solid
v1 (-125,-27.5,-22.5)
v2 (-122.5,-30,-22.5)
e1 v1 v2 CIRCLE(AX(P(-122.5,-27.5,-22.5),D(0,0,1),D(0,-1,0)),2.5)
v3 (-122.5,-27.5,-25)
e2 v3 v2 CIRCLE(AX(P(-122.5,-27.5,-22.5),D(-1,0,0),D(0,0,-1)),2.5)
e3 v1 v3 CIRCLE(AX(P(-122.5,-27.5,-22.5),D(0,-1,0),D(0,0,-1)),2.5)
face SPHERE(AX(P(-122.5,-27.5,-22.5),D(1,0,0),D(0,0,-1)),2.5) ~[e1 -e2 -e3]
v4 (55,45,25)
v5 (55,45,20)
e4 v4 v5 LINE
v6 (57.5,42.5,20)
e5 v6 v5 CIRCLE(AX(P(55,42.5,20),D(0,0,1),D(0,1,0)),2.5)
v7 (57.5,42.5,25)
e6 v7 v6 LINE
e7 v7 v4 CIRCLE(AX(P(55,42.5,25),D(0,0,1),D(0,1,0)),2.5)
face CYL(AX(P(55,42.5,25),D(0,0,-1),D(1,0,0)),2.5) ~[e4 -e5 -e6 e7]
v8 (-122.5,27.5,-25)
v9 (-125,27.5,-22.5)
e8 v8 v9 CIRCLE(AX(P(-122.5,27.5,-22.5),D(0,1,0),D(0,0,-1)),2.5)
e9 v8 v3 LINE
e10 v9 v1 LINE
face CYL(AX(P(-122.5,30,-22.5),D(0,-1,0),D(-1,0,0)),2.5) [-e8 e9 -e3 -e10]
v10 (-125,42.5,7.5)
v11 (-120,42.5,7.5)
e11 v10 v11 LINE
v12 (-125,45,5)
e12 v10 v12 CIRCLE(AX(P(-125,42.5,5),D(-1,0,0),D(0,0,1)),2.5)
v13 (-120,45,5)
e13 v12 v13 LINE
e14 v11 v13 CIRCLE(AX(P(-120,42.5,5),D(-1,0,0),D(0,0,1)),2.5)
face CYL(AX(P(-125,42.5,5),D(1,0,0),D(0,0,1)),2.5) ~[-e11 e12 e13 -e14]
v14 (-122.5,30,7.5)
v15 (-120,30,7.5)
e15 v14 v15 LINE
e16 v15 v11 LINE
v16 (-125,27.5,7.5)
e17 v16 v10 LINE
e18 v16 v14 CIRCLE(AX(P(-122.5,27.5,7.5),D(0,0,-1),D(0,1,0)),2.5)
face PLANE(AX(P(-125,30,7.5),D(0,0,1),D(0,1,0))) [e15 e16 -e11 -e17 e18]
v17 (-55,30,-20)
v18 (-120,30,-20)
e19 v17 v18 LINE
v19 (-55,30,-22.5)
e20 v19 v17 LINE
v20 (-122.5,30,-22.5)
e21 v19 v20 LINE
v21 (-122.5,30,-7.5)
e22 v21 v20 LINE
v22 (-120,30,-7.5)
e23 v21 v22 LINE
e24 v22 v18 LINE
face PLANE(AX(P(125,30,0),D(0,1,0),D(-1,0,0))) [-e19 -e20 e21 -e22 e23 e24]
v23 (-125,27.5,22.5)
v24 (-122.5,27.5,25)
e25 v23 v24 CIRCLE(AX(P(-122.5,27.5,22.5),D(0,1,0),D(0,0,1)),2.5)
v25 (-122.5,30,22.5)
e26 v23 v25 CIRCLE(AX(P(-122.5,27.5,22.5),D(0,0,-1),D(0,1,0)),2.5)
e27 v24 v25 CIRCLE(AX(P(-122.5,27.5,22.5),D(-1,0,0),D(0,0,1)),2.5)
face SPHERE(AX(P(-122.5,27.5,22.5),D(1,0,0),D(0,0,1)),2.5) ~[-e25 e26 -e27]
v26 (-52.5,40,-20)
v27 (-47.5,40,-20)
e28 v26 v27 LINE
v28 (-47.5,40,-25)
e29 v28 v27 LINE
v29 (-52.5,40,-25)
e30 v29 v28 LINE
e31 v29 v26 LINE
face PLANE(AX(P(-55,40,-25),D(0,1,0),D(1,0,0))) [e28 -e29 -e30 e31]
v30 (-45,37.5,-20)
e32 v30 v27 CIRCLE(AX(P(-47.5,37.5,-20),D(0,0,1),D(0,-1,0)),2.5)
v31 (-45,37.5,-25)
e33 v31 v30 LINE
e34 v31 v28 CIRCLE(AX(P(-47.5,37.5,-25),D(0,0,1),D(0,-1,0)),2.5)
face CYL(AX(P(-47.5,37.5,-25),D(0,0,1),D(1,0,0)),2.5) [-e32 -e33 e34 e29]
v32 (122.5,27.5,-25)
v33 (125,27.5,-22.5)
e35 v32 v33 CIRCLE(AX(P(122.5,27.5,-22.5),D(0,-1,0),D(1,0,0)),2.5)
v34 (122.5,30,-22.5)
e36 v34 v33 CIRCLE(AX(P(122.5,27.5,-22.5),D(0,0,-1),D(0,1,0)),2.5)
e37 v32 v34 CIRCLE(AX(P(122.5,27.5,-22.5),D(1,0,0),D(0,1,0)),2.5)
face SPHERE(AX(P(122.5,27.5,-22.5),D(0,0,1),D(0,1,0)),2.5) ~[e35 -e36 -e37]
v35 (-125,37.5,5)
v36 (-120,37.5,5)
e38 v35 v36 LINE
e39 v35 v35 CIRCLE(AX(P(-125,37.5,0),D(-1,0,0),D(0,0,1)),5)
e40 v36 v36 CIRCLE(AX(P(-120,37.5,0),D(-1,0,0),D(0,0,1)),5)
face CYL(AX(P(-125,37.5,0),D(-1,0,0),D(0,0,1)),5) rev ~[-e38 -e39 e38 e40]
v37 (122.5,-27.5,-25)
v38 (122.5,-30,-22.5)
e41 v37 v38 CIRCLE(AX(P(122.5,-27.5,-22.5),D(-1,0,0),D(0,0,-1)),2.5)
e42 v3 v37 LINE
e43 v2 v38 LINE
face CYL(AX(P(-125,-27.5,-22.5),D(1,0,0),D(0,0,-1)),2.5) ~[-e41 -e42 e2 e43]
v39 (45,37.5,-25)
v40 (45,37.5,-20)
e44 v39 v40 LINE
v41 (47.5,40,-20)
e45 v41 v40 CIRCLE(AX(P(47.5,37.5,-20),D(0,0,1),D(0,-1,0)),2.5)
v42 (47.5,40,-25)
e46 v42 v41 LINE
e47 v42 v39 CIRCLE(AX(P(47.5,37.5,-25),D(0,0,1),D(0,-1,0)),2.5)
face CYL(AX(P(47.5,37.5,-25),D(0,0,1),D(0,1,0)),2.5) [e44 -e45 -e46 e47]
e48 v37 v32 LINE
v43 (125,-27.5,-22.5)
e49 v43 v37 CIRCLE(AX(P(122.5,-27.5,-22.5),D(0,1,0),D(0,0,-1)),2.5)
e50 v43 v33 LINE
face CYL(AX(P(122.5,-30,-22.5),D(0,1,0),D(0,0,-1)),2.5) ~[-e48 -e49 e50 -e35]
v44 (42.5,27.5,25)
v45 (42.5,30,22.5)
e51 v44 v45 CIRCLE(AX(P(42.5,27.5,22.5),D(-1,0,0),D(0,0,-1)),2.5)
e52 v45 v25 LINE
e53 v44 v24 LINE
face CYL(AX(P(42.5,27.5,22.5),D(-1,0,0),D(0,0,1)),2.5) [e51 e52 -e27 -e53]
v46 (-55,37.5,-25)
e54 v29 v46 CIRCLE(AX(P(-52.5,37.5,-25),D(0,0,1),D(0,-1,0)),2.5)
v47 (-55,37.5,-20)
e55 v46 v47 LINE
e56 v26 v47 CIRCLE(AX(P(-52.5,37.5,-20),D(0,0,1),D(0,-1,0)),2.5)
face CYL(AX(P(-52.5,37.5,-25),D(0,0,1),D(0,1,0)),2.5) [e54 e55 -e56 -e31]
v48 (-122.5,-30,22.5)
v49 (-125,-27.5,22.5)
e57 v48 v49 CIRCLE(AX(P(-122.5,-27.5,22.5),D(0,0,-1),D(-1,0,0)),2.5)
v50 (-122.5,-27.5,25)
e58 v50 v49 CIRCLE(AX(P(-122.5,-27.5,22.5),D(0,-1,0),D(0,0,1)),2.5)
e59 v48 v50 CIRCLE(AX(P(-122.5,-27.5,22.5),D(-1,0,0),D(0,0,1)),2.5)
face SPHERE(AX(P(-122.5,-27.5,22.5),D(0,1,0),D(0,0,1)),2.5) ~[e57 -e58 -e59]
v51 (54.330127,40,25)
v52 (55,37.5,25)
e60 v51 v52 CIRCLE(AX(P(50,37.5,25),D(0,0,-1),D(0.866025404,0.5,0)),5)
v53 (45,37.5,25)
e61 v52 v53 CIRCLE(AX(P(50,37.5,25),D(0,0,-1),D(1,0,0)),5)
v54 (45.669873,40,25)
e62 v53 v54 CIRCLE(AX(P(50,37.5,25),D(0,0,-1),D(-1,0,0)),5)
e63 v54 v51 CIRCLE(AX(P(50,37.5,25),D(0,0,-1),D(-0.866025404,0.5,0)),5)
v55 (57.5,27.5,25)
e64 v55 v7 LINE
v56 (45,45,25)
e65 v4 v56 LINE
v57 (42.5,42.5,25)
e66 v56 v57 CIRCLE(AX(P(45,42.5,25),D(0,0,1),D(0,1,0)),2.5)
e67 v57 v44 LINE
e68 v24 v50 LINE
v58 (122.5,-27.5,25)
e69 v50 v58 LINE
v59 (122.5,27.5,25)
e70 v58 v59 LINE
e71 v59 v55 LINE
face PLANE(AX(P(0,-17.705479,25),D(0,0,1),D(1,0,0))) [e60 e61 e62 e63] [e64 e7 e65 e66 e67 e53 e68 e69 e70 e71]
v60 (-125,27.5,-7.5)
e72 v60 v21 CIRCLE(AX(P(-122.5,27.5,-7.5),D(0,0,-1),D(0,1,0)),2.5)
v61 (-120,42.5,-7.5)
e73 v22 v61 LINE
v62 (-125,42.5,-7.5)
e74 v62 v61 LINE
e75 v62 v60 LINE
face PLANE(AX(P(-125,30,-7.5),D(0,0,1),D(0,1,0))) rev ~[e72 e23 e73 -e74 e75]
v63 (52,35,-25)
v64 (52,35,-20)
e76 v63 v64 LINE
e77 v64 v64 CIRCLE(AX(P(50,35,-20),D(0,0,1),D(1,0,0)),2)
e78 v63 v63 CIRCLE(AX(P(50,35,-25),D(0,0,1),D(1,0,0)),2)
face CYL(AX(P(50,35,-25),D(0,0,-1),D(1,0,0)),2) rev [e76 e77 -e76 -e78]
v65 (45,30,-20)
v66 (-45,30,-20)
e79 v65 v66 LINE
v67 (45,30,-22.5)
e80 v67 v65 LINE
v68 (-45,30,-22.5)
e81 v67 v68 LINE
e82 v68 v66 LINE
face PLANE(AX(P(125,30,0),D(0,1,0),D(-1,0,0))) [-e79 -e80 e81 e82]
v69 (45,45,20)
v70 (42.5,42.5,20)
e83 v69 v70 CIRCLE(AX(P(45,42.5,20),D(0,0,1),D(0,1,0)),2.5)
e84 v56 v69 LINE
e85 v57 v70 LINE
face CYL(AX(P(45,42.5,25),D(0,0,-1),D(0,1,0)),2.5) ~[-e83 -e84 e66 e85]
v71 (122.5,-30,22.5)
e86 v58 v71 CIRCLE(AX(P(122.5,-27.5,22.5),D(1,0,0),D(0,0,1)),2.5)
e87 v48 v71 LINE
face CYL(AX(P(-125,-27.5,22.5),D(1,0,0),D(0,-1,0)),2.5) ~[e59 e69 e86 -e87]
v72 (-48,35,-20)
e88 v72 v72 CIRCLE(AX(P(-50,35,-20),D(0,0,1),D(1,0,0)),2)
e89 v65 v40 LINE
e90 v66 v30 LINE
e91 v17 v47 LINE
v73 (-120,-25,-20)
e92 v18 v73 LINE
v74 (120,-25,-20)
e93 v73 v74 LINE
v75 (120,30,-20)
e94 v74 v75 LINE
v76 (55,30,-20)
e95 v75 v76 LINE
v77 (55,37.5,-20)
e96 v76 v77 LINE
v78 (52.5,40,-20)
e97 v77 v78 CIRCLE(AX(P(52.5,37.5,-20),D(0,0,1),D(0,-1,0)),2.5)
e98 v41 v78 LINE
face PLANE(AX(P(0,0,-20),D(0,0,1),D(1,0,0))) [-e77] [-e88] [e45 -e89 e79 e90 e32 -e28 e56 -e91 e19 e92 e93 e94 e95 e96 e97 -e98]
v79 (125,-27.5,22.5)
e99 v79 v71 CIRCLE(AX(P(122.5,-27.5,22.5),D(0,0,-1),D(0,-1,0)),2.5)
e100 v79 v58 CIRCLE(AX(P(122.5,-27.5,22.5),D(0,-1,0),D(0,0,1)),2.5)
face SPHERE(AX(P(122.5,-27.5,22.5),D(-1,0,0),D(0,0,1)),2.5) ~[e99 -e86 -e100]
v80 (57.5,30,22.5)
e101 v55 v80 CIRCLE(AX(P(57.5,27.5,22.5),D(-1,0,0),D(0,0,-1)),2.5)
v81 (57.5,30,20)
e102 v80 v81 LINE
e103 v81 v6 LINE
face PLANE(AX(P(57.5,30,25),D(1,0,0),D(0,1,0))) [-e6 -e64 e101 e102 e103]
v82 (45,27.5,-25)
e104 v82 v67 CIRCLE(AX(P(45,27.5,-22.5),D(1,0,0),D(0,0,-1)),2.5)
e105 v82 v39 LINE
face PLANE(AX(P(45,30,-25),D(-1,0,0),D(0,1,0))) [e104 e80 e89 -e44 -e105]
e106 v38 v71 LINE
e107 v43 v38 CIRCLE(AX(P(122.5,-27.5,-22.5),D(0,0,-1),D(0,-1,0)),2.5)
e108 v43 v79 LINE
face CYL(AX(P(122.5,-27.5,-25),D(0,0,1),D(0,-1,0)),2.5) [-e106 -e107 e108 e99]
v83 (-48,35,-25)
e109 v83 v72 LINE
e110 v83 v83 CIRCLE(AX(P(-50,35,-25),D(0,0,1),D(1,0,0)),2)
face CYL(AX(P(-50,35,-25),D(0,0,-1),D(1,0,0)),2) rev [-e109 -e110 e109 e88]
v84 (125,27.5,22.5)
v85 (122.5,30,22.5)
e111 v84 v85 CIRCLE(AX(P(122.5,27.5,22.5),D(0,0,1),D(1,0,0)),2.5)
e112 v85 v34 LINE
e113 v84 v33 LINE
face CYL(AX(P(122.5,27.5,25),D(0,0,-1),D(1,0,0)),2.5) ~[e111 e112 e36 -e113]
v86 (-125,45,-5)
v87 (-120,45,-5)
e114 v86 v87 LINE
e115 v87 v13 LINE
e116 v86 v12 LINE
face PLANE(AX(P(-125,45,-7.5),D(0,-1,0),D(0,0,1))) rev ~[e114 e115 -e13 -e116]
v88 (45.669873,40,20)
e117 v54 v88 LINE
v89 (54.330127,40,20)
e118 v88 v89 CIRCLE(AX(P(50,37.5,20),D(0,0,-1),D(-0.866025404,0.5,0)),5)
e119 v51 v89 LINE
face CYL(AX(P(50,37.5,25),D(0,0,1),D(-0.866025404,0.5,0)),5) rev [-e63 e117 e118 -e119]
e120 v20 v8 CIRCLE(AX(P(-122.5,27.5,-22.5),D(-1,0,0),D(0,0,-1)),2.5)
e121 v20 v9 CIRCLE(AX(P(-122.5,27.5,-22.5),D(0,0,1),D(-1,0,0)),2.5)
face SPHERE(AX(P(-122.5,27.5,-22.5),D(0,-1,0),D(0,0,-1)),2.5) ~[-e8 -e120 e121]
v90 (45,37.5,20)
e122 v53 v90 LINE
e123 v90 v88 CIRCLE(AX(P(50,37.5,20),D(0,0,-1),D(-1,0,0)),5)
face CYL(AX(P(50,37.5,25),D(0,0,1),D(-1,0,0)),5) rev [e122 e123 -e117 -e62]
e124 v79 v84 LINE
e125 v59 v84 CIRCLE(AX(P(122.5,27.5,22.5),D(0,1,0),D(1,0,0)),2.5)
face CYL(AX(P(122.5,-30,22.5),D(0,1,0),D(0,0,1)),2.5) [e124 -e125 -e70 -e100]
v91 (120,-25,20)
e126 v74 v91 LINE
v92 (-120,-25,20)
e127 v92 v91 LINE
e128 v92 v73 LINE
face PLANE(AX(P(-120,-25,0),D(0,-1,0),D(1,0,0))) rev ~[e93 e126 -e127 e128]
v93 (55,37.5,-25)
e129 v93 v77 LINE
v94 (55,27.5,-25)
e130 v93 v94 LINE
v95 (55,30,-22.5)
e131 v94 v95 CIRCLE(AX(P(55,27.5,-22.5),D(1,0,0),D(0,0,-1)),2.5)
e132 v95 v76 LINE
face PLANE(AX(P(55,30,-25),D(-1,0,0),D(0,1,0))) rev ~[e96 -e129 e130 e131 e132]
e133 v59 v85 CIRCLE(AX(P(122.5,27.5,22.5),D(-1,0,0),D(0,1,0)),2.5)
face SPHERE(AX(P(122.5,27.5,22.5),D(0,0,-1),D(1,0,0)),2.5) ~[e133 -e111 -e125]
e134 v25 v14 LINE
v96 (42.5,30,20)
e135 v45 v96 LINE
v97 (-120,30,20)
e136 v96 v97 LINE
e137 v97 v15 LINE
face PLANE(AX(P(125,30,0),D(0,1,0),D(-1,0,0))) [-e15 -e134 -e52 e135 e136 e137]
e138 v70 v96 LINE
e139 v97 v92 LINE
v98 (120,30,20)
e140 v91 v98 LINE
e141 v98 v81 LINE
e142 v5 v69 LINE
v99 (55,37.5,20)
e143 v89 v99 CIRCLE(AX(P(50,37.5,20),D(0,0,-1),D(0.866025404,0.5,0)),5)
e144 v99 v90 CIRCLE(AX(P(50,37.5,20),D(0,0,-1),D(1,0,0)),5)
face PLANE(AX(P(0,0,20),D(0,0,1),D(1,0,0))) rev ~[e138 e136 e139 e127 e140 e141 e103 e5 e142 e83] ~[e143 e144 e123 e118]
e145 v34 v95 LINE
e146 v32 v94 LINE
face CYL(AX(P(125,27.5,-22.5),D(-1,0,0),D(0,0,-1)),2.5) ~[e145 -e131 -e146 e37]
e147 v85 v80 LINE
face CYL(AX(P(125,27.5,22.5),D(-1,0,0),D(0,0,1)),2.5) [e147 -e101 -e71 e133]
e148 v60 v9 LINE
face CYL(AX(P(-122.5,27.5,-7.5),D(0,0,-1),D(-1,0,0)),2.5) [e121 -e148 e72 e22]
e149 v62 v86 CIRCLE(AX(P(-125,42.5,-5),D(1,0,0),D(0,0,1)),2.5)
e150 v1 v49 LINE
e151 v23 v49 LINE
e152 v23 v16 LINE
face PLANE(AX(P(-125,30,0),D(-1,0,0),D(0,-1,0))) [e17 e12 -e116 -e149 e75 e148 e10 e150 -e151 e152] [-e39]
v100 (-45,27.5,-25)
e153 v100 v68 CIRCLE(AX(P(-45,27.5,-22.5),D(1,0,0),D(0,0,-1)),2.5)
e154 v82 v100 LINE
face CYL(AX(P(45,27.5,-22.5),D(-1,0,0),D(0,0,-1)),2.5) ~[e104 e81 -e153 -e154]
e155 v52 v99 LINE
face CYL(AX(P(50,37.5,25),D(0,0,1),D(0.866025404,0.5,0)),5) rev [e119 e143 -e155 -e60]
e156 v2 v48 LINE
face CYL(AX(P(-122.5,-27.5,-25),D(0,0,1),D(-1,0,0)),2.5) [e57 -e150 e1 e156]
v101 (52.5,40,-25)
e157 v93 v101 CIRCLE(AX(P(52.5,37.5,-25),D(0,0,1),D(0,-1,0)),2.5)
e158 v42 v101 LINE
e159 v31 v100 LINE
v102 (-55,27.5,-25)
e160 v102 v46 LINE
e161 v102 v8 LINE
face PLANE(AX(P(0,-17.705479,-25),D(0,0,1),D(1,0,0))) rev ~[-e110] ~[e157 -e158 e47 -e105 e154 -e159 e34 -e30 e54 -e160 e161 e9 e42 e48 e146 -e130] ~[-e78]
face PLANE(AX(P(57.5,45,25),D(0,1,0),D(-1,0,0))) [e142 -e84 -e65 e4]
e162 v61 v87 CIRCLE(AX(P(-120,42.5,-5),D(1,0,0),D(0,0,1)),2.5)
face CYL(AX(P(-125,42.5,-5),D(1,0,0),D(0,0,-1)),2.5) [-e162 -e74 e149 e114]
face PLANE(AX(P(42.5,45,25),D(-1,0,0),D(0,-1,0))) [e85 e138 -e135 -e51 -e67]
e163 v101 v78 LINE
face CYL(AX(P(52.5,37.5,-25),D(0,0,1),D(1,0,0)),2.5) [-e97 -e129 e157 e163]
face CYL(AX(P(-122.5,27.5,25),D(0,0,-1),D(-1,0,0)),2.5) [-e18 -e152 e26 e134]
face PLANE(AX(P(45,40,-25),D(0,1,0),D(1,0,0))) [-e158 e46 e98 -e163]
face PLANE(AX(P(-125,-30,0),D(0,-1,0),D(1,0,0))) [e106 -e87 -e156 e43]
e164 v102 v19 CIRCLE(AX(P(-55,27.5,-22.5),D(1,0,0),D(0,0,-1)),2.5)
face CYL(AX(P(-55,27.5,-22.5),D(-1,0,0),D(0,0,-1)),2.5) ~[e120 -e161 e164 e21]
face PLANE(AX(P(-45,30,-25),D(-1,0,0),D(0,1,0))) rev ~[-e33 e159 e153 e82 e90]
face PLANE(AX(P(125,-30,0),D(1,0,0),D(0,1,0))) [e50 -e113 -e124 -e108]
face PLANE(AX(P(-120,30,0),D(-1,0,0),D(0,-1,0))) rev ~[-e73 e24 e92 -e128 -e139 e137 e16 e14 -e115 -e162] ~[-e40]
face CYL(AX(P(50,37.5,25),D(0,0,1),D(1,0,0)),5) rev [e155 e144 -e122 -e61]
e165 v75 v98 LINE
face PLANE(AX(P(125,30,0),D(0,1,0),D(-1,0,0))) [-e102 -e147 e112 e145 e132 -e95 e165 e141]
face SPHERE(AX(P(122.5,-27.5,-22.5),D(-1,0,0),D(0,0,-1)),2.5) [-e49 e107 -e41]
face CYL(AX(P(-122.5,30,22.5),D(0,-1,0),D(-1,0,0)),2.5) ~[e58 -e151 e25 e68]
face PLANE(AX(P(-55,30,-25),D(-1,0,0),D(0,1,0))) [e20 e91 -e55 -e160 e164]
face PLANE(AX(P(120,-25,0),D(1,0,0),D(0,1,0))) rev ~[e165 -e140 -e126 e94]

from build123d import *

# Parameters (mm, degrees)
SKETCH1_W           = 240
SKETCH1_H           = 50
BOSS_EXTRUDE1_DEPTH = 25
SKETCH1_5_W         = 240
SKETCH1_5_H         = 50
CUT_EXTRUDE1_DEPTH  = 20
BOSS_EXTRUDE3_START = -25
SKETCH1_6_W         = 10
SKETCH1_6_H         = 10
SKETCH1_6_R         = 2
BOSS_EXTRUDE3_DEPTH = 5
BOSS_EXTRUDE4_START = 25
BOSS_EXTRUDE4_DEPTH = 5
SKETCH2_W           = 15
SKETCH2_H           = 15
SKETCH2_R           = 5
BOSS_EXTRUDE5_DEPTH = 5
FILLET1_R           = 2.5


with BuildPart() as part:
    # Sketch1 → Boss-Extrude1 (new, symmetric)
    with BuildSketch(Plane.XY):
        Polygon((-125, 30), (-125, -30), (125, -30), (125, 30), (120, 30), (120, 25), (120, -25), (-120, -25), (-120, 25), (-120, 30), align=None)
        Rectangle(SKETCH1_W, SKETCH1_H)
        Polygon((-55, 30), (-120, 30), (-120, 25), (120, 25), (120, 30), (57.5, 30), (55, 30), (45, 30), (42.5, 30), (-45, 30), align=None)
    extrude(amount=BOSS_EXTRUDE1_DEPTH, both=True)

    # Sketch1<5> → Cut-Extrude1 (cut, symmetric)
    with BuildSketch(Plane.XY):
        Rectangle(SKETCH1_5_W, SKETCH1_5_H)
        Polygon((-55, 30), (-120, 30), (-120, 25), (120, 25), (120, 30), (57.5, 30), (55, 30), (45, 30), (42.5, 30), (-45, 30), align=None)
    extrude(amount=CUT_EXTRUDE1_DEPTH, both=True, mode=Mode.SUBTRACT)

    # Sketch1<6> → Boss-Extrude3 (add)
    with BuildSketch(Plane.XY.offset(BOSS_EXTRUDE3_START)):
        with Locations((-50, 35)):
            Rectangle(SKETCH1_6_W, SKETCH1_6_H)
        with Locations((-50, 35)):
            Circle(SKETCH1_6_R, mode=Mode.SUBTRACT)
        with Locations((50, 35)):
            Rectangle(SKETCH1_6_W, SKETCH1_6_H)
        with Locations((50, 35)):
            Circle(SKETCH1_6_R, mode=Mode.SUBTRACT)
    extrude(amount=BOSS_EXTRUDE3_DEPTH)

    # Sketch1<8> → Boss-Extrude4 (add)
    with BuildSketch(Plane.XY.offset(BOSS_EXTRUDE4_START)):
        with BuildLine():
            Line((45, 30), (55, 30))
            Line((55, 30), (55, 37.5))
            ThreePointArc((55, 37.5), (50, 32.5), (45, 37.5))
            Line((45, 37.5), (45, 30))
        make_face()
        with BuildLine():
            Line((55, 30), (57.5, 30))
            Line((57.5, 30), (57.5, 45))
            Line((57.5, 45), (42.5, 45))
            Line((42.5, 45), (42.5, 30))
            Line((42.5, 30), (45, 30))
            Line((45, 30), (45, 37.5))
            Line((45, 37.5), (45, 40))
            Line((45, 40), (45.669872981, 40))
            ThreePointArc((45.669872981, 40), (50, 42.5), (54.330127019, 40))
            Line((54.330127019, 40), (55, 40))
            Line((55, 40), (55, 37.5))
            Line((55, 37.5), (55, 30))
        make_face()
        with BuildLine():
            Line((45, 40), (45, 37.5))
            ThreePointArc((45, 37.5), (45.170370869, 38.794095226), (45.669872981, 40))
            Line((45.669872981, 40), (45, 40))
        make_face()
        with BuildLine():
            ThreePointArc((54.330127019, 40), (54.829629131, 38.794095226), (55, 37.5))
            Line((55, 37.5), (55, 40))
            Line((55, 40), (54.330127019, 40))
        make_face()
    extrude(amount=-BOSS_EXTRUDE4_DEPTH)

    # Sketch2 → Boss-Extrude5 (add)
    with BuildSketch(Plane.ZY.offset(125)):
        with Locations((0, 37.5)):
            Rectangle(SKETCH2_W, SKETCH2_H)
        with Locations((0, 37.5)):
            Circle(SKETCH2_R, mode=Mode.SUBTRACT)
    extrude(amount=-BOSS_EXTRUDE5_DEPTH)

    # Fillet1
    fillet1_edges = [part.edges().sort_by_distance(p)[0] for p in [
        (-41.25, 30, 25),
        (125, 30, 0),
        (-125, 0, 25),
        (0, -30, 25),
        (0, 30, -25),
        (-45, 40, -22.5),
        (-55, 40, -22.5),
        (90, 30, -25),
        (55, 40, -22.5),
        (125, 0, 25),
        (45, 40, -22.5),
        (0, -30, -25),
        (91.25, 30, 25),
        (-125, 0, -25),
        (57.5, 45, 22.5),
        (42.5, 45, 22.5),
        (-90, 30, -25),
        (125, 0, -25),
        (-125, 30, -16.25),
        (-122.5, 45, 7.5),
        (-122.5, 45, -7.5),
        (125, -30, 0),
        (-125, -30, 0),
        (-125, 30, 16.25),
    ]]
    fillet(fillet1_edges, radius=FILLET1_R)


solid = part.part
